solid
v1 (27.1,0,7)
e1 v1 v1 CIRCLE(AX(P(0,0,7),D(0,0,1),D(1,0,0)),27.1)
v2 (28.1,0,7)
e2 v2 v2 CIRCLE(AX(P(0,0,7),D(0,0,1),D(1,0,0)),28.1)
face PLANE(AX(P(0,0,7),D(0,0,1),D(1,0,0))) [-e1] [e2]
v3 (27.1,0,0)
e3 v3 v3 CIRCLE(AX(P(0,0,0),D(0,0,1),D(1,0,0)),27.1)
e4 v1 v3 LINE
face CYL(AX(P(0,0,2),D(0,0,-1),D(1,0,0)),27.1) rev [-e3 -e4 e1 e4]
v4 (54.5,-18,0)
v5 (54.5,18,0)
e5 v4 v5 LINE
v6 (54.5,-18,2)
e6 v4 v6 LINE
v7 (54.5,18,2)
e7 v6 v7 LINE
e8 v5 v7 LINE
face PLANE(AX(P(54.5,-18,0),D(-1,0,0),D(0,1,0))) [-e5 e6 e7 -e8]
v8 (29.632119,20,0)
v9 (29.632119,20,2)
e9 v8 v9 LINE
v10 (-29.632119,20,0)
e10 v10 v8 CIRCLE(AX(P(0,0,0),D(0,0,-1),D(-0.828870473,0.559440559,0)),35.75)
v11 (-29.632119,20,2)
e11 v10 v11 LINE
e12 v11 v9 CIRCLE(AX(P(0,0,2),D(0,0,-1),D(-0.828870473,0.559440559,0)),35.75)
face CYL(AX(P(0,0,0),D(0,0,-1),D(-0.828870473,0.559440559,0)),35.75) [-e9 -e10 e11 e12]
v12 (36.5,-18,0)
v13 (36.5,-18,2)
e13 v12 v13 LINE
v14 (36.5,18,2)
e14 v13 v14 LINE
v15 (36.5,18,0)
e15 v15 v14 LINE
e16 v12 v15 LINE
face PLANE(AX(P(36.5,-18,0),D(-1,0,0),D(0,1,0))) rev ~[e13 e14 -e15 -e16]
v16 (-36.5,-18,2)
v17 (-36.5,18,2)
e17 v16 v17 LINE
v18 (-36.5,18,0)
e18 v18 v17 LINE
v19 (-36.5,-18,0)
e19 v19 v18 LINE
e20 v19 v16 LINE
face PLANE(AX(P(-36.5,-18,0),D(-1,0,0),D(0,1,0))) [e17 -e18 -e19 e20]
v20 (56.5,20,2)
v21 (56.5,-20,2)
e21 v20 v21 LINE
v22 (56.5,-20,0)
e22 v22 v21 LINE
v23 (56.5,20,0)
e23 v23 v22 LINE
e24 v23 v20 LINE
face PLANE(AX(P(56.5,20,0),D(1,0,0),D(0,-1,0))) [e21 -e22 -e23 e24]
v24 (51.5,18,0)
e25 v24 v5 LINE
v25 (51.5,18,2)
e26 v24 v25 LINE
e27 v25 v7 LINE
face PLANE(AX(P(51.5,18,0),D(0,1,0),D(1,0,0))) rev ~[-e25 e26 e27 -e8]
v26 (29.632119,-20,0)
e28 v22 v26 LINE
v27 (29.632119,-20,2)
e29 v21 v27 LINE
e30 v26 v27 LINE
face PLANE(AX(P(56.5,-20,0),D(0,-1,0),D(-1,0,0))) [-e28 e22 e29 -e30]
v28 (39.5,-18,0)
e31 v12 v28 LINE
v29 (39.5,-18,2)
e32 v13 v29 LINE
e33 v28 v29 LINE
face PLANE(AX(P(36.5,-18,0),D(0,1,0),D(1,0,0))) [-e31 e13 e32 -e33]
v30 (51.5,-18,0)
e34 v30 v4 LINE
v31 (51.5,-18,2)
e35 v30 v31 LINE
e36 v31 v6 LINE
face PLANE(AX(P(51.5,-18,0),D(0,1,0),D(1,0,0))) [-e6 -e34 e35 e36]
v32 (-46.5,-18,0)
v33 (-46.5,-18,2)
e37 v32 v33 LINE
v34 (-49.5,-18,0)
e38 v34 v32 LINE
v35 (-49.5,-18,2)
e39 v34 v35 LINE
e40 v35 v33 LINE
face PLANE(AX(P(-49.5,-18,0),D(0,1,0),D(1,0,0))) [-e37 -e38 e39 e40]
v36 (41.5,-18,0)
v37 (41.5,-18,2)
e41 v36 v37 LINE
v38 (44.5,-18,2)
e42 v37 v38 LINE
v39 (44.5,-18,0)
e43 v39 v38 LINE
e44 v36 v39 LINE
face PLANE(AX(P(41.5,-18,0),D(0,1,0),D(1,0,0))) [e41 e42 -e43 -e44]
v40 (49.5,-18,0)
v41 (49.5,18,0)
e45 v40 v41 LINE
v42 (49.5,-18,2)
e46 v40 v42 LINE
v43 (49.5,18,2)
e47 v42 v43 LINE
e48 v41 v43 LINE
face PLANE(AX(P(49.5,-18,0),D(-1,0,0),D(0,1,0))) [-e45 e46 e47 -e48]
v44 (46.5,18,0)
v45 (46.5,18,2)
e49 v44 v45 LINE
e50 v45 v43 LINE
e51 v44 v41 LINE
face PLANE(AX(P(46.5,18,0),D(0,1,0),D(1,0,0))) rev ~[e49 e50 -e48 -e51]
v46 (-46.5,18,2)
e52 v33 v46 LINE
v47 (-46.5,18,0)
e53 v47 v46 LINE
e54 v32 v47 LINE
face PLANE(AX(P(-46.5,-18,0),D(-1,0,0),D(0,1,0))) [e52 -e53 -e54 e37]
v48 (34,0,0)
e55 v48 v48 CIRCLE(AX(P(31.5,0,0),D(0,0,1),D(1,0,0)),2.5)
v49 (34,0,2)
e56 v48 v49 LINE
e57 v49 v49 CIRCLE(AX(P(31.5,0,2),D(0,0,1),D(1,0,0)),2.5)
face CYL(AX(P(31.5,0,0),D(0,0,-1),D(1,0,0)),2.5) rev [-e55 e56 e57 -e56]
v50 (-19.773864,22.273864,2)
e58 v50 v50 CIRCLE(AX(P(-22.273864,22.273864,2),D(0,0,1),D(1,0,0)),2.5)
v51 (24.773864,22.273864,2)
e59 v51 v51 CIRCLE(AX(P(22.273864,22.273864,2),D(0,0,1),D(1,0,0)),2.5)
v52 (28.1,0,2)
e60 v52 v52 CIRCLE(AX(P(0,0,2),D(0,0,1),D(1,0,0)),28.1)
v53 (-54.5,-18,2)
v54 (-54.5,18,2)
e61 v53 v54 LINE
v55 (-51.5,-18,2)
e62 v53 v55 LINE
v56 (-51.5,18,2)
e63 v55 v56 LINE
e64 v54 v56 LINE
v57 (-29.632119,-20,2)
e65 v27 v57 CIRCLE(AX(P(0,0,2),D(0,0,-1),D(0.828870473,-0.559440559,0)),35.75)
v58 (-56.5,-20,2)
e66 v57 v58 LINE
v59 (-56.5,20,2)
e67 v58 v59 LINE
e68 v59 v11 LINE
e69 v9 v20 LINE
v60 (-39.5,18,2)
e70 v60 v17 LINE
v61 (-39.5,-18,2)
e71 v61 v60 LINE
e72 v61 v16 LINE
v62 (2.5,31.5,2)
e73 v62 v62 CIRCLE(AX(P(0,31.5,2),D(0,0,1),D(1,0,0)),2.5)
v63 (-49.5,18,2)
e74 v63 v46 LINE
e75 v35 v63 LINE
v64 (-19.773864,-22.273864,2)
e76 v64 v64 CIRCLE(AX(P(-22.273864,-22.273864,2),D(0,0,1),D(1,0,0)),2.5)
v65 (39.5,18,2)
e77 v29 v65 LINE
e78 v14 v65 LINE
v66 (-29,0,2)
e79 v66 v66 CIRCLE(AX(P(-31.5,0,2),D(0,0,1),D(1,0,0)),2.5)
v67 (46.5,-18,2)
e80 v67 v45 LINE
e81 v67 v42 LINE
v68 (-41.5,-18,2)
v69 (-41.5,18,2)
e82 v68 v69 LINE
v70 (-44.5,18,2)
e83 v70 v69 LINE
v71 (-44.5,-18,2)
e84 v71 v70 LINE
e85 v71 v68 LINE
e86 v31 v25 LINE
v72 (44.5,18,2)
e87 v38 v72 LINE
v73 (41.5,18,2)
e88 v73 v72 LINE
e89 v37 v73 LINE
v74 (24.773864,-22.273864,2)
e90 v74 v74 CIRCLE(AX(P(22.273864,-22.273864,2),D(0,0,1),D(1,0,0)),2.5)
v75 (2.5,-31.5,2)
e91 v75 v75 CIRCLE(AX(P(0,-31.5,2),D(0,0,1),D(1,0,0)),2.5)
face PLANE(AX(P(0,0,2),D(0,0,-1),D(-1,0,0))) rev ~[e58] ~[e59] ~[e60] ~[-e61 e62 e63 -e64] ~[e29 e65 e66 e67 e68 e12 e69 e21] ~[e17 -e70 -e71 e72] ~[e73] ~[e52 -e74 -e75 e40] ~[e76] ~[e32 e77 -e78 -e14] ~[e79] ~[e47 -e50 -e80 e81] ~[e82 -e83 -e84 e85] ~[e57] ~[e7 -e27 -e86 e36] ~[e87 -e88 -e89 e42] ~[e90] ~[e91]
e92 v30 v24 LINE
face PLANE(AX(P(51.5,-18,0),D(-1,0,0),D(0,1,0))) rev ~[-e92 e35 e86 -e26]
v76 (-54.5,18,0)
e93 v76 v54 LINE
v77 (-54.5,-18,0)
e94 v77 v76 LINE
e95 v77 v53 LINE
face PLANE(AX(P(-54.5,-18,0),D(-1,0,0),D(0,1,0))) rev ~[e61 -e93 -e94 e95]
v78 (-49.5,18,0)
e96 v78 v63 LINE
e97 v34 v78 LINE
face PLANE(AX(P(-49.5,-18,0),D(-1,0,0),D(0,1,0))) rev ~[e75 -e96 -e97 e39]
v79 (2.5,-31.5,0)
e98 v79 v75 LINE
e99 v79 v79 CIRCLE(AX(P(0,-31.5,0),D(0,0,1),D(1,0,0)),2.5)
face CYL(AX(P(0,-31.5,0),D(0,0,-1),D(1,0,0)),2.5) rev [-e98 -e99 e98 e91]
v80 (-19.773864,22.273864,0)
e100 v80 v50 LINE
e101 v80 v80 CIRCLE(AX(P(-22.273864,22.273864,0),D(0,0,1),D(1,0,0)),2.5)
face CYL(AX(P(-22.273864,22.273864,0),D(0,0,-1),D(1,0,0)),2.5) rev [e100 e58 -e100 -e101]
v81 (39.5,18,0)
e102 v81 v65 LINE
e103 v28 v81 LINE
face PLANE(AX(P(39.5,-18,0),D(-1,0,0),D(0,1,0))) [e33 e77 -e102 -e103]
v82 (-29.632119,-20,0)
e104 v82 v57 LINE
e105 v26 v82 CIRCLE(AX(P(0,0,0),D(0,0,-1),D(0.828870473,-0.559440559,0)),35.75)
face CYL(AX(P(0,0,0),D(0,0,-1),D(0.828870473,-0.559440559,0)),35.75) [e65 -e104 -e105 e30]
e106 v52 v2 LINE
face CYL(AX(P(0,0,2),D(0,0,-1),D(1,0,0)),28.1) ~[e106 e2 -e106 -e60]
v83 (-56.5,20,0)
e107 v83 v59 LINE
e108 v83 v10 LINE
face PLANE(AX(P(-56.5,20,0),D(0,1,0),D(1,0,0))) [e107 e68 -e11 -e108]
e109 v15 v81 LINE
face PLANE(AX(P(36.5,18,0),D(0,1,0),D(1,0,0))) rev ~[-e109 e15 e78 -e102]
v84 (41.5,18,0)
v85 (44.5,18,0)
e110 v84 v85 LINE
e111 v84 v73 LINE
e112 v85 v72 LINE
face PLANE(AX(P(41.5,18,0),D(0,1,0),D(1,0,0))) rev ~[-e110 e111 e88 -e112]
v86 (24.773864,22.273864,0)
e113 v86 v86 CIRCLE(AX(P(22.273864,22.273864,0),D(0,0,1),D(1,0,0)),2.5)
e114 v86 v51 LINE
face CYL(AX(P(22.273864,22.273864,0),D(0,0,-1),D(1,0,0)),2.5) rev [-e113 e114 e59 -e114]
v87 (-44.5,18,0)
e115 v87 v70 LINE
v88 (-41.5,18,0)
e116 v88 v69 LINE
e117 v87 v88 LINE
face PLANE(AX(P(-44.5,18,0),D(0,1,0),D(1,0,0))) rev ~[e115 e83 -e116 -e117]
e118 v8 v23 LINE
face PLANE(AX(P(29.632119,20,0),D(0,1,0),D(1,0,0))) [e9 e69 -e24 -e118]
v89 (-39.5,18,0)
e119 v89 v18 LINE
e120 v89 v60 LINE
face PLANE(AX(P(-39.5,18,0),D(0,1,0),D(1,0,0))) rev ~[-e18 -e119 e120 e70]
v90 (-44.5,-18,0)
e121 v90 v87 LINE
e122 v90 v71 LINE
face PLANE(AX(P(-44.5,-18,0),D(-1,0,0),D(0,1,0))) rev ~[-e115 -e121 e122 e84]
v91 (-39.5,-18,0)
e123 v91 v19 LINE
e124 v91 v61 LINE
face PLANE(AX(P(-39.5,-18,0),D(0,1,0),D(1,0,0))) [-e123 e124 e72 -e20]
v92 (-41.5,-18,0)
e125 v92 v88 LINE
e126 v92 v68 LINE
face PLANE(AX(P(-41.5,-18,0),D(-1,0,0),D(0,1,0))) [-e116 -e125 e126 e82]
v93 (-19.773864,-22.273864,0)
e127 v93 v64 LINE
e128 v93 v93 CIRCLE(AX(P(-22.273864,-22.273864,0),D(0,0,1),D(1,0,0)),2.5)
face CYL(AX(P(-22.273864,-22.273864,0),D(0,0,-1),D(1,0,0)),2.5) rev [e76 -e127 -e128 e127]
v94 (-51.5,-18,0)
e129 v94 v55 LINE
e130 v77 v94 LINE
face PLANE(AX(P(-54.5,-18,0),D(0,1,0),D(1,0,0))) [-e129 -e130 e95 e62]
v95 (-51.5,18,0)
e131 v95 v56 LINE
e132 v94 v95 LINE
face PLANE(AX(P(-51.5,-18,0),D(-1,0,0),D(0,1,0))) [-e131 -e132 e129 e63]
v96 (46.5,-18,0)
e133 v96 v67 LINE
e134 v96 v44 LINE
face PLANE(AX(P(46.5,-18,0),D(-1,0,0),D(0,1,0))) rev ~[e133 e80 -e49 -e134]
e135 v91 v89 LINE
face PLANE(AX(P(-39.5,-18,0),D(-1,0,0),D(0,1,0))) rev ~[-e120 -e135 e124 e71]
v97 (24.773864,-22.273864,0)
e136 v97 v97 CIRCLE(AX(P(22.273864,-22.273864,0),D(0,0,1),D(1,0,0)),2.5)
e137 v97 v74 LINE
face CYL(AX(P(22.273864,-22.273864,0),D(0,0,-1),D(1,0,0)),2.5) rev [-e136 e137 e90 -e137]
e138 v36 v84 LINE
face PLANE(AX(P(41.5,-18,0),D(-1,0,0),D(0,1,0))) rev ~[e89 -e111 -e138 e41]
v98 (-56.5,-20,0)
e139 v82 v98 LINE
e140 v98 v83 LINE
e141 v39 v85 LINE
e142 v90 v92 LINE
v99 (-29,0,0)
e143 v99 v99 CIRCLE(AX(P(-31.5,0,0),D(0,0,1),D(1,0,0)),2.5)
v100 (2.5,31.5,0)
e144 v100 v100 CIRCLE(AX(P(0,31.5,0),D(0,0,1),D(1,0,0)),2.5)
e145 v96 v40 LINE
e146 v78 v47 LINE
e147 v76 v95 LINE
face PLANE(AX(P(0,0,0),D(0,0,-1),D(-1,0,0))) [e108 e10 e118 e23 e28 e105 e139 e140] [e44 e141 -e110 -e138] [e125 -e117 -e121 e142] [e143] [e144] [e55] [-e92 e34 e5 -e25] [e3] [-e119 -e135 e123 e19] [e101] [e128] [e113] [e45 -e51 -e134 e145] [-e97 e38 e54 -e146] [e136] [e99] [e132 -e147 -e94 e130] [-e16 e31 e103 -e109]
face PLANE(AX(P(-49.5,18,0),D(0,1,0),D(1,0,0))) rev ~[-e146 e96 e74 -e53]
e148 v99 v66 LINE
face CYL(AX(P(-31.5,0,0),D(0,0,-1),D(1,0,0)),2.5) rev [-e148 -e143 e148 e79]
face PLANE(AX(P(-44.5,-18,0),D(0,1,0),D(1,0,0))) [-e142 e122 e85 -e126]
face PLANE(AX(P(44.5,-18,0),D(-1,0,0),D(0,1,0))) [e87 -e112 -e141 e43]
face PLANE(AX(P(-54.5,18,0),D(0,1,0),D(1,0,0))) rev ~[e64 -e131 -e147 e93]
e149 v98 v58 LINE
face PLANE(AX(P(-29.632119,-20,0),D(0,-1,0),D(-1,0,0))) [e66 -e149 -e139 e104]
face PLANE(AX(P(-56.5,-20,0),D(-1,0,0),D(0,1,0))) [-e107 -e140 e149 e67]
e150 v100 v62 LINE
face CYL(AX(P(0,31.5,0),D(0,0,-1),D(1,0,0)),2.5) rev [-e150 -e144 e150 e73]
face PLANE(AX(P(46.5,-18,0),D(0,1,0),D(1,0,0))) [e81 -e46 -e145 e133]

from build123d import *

# Parameters (mm, degrees)
CROQUIS1_R              = 27.1
CROQUIS1_R_2            = 2.5
CROQUIS1_W              = 3
CROQUIS1_H              = 36
SALIENTE_EXTRUIR1_DEPTH = 2
CROQUIS2_R              = 28.1
CROQUIS2_R_2            = 27.1
SALIENTE_EXTRUIR2_DEPTH = 5


with BuildPart() as part:
    # Croquis1 → Saliente-Extruir1 (new body)
    with BuildSketch(Plane.XY):
        with BuildLine():
            Line((-56.5, 20), (-29.632119398, 20))
            ThreePointArc((-29.632119398, 20), (0, 35.75), (29.632119398, 20))
            Line((29.632119398, 20), (56.5, 20))
            Line((56.5, 20), (56.5, -20))
            Line((56.5, -20), (29.632119398, -20))
            ThreePointArc((29.632119398, -20), (0, -35.75), (-29.632119398, -20))
            Line((-29.632119398, -20), (-56.5, -20))
            Line((-56.5, -20), (-56.5, 20))
        make_face()
        Circle(CROQUIS1_R, mode=Mode.SUBTRACT)
        with Locations((31.5, 0)):
            Circle(CROQUIS1_R_2, mode=Mode.SUBTRACT)
        with Locations((22.273863607, -22.273863607)):
            Circle(CROQUIS1_R_2, mode=Mode.SUBTRACT)
        with Locations((0, -31.5)):
            Circle(CROQUIS1_R_2, mode=Mode.SUBTRACT)
        with Locations((-22.273863607, -22.273863607)):
            Circle(CROQUIS1_R_2, mode=Mode.SUBTRACT)
        with Locations((-31.5, 0)):
            Circle(CROQUIS1_R_2, mode=Mode.SUBTRACT)
        with Locations((-22.273863607, 22.273863607)):
            Circle(CROQUIS1_R_2, mode=Mode.SUBTRACT)
        with Locations((0, 31.5)):
            Circle(CROQUIS1_R_2, mode=Mode.SUBTRACT)
        with Locations((22.273863607, 22.273863607)):
            Circle(CROQUIS1_R_2, mode=Mode.SUBTRACT)
        with Locations((-48, 0)):
            Rectangle(CROQUIS1_W, CROQUIS1_H, mode=Mode.SUBTRACT)
        with Locations((-53, 0)):
            Rectangle(CROQUIS1_W, CROQUIS1_H, mode=Mode.SUBTRACT)
        with Locations((-43, 0)):
            Rectangle(CROQUIS1_W, CROQUIS1_H, mode=Mode.SUBTRACT)
        with Locations((-38, 0)):
            Rectangle(CROQUIS1_W, CROQUIS1_H, mode=Mode.SUBTRACT)
        with Locations((38, 0)):
            Rectangle(CROQUIS1_W, CROQUIS1_H, mode=Mode.SUBTRACT)
        with Locations((43, 0)):
            Rectangle(CROQUIS1_W, CROQUIS1_H, mode=Mode.SUBTRACT)
        with Locations((48, 0)):
            Rectangle(CROQUIS1_W, CROQUIS1_H, mode=Mode.SUBTRACT)
        with Locations((53, 0)):
            Rectangle(CROQUIS1_W, CROQUIS1_H, mode=Mode.SUBTRACT)
    extrude(amount=SALIENTE_EXTRUIR1_DEPTH)

    # Croquis2 → Saliente-Extruir2 (add)
    with BuildSketch(Plane.XY.offset(2)):
        Circle(CROQUIS2_R)
        Circle(CROQUIS2_R_2, mode=Mode.SUBTRACT)
    extrude(amount=SALIENTE_EXTRUIR2_DEPTH)


solid = part.part
